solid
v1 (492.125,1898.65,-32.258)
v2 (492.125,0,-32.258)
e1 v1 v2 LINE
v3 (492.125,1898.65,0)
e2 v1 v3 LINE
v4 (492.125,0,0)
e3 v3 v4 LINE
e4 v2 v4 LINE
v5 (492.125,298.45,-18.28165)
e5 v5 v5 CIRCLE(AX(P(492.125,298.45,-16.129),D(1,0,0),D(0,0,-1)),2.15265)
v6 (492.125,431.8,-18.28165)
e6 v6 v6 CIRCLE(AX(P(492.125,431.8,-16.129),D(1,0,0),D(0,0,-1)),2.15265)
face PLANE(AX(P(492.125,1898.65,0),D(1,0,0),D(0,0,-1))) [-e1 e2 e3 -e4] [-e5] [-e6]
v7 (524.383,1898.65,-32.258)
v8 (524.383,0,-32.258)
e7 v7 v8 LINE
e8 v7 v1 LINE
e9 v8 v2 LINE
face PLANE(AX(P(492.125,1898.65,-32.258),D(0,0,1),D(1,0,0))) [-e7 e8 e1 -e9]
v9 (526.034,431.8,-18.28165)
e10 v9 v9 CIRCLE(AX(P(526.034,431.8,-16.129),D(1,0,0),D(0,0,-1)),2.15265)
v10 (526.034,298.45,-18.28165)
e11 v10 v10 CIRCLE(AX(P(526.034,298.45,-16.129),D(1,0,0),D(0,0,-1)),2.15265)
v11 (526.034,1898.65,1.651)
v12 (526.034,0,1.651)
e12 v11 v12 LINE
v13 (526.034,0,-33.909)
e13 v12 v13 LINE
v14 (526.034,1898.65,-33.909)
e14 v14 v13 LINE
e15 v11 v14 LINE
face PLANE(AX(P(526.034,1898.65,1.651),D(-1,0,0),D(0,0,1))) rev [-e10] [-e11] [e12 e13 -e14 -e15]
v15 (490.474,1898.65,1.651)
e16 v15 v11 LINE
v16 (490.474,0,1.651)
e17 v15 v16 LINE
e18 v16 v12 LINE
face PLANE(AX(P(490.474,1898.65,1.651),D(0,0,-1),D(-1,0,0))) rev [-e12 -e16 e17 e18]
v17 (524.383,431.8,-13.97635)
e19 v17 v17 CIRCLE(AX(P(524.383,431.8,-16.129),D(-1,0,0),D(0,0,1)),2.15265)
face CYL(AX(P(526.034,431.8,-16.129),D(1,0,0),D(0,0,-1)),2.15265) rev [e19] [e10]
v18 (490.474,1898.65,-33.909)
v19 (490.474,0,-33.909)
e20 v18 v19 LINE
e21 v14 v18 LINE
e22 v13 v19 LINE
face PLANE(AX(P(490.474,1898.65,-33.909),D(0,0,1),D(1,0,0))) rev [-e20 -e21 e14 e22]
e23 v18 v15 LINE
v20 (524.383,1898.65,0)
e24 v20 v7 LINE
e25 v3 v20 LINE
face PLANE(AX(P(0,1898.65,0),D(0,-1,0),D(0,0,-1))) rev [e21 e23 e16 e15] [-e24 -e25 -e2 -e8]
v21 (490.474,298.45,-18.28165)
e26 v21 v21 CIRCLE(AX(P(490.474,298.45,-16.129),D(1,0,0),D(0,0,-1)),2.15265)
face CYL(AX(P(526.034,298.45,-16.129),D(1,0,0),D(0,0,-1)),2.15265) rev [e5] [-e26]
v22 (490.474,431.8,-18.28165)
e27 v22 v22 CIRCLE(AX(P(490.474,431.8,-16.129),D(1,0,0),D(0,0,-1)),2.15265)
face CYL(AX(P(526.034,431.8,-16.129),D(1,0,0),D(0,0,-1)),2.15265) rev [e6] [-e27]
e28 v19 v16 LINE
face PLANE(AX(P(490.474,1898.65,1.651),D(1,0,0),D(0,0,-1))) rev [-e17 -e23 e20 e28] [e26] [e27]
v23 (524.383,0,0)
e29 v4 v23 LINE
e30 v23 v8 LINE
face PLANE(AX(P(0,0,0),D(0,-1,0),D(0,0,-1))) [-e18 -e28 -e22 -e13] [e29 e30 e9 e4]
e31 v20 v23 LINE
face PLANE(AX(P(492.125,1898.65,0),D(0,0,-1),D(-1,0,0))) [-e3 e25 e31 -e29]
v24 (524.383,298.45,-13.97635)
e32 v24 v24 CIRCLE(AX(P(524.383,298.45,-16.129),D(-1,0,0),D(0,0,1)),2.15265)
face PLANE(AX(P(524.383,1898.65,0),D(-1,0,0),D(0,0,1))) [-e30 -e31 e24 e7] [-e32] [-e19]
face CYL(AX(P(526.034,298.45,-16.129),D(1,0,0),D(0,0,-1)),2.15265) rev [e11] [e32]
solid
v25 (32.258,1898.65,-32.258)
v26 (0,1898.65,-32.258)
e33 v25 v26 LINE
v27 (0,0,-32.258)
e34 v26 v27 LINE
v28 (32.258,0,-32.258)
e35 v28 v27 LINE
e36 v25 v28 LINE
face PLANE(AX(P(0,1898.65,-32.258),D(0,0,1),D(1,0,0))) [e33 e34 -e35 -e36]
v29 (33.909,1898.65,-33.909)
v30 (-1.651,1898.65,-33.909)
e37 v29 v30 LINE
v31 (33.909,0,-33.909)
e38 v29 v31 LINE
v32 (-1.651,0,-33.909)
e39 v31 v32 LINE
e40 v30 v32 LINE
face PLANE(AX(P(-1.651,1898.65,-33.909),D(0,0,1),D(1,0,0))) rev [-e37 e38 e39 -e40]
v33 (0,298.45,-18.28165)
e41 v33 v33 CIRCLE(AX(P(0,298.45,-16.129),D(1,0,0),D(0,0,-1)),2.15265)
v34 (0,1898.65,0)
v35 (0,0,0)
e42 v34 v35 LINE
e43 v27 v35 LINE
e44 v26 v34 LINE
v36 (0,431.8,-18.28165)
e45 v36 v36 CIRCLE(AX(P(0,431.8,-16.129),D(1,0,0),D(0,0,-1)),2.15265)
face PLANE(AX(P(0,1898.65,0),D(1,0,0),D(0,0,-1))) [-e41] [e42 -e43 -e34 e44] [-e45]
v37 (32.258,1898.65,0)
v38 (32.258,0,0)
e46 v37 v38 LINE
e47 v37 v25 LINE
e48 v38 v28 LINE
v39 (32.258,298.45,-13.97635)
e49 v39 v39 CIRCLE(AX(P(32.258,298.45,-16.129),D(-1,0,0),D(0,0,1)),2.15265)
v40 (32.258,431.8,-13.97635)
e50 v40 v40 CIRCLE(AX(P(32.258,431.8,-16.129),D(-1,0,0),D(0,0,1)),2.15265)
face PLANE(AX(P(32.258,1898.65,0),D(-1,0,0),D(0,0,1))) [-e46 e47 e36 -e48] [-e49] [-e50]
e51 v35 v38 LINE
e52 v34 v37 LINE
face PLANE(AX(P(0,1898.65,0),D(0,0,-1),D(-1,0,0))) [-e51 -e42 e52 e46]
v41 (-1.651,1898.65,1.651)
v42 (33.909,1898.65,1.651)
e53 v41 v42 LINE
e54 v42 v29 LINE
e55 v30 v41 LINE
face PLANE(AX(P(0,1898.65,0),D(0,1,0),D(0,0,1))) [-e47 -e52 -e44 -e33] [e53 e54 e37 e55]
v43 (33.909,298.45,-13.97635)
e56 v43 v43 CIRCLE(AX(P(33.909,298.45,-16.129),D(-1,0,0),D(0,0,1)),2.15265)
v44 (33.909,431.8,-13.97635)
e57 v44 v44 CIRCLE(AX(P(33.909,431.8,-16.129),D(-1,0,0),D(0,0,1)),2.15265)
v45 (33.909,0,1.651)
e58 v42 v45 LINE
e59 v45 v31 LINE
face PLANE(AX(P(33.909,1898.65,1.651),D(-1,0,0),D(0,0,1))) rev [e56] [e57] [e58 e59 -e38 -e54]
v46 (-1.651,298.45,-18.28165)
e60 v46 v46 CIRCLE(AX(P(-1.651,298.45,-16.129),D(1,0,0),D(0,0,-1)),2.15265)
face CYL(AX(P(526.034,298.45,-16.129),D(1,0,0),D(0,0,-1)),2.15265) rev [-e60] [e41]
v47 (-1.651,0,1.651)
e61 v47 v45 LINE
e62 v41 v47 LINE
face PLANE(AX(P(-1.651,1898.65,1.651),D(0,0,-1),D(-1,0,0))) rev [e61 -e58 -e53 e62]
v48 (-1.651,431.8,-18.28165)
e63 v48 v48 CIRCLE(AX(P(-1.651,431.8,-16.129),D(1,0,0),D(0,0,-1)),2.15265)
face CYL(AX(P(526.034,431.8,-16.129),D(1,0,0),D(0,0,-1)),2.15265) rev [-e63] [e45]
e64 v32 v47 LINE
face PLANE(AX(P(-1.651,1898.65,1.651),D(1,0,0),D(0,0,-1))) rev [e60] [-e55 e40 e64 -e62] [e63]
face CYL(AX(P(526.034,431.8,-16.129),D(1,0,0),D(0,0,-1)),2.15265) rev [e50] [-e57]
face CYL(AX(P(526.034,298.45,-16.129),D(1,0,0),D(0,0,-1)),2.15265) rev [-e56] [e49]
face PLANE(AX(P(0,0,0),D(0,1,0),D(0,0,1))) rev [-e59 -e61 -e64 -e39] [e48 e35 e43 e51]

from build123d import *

# Parameters (mm, degrees)
SKETCH1_W                      = 35.56
SKETCH1_H                      = 35.56
SKETCH1_W_2                    = 32.258
SKETCH1_H_2                    = 32.258
BOSS_EXTRUDE1_DEPTH            = 1898.65
BOSS_EXTRUDE1_2_DEPTH          = 1898.65
SKETCH4_W                      = 2.15265
SKETCH4_H                      = 527.685
F_8_CLEARANCE_HOLE1_AT_2_COUNT = 2
F_8_CLEARANCE_HOLE1_AT_2_PITCH = 133.35


with BuildPart() as part:
    # Sketch1 → Boss-Extrude1 (new body)
    with BuildSketch(Plane(origin=(0, 0, 0), x_dir=(1, 0, 0), z_dir=(0, 1, 0))):
        with Locations((16.129, 16.129)):
            Rectangle(SKETCH1_W, SKETCH1_H)
        with Locations((16.129, 16.129)):
            Rectangle(SKETCH1_W_2, SKETCH1_H_2, mode=Mode.SUBTRACT)
    extrude(amount=BOSS_EXTRUDE1_DEPTH)


with BuildPart() as body_2:
    # Sketch1 → Boss-Extrude1 2 (new body)
    with BuildSketch(Plane(origin=(0, 0, 0), x_dir=(1, 0, 0), z_dir=(0, 1, 0))):
        with Locations((508.254, 16.129)):
            Rectangle(SKETCH1_W, SKETCH1_H)
        with Locations((508.254, 16.129)):
            Rectangle(SKETCH1_W_2, SKETCH1_H_2, mode=Mode.SUBTRACT)
    extrude(amount=BOSS_EXTRUDE1_2_DEPTH)


with BuildPart() as f_8_clearance_hole1_tool:
    # Sketch4 → #8 Clearance Hole1 (revolve)
    with BuildSketch(Plane(origin=(526.034, 298.45, -16.129), x_dir=(0, 0, -1), z_dir=(0, 1, 0))):
        with Locations((1.076325, 263.8425)):
            Rectangle(SKETCH4_W, SKETCH4_H)
    f_8_clearance_hole1 = revolve(axis=Axis((532.384, 298.45, -16.129), (-1, 0, 0)))


with BuildPart() as part_1:
    add(part.part)

    # #8 Clearance Hole1: cut by f_8_clearance_hole1_tool
    add(f_8_clearance_hole1_tool.part, mode=Mode.SUBTRACT)


with BuildPart() as body_2_1:
    add(body_2.part)

    # #8 Clearance Hole1: cut by f_8_clearance_hole1_tool
    add(f_8_clearance_hole1_tool.part, mode=Mode.SUBTRACT)


with BuildPart() as f_8_clearance_hole1_at_2_tool:
    # #8 Clearance Hole1 at 2: #8 Clearance Hole1 ×2
    with Locations(*[(0, i * F_8_CLEARANCE_HOLE1_AT_2_PITCH, 0) for i in range(1, F_8_CLEARANCE_HOLE1_AT_2_COUNT)]):
        add(f_8_clearance_hole1)


with BuildPart() as part_2:
    add(part_1.part)

    # #8 Clearance Hole1 at 2: cut by f_8_clearance_hole1_at_2_tool
    add(f_8_clearance_hole1_at_2_tool.part, mode=Mode.SUBTRACT)


with BuildPart() as body_2_2:
    add(body_2_1.part)

    # #8 Clearance Hole1 at 2: cut by f_8_clearance_hole1_at_2_tool
    add(f_8_clearance_hole1_at_2_tool.part, mode=Mode.SUBTRACT)


solid = Compound([part_2.part, body_2_2.part])
